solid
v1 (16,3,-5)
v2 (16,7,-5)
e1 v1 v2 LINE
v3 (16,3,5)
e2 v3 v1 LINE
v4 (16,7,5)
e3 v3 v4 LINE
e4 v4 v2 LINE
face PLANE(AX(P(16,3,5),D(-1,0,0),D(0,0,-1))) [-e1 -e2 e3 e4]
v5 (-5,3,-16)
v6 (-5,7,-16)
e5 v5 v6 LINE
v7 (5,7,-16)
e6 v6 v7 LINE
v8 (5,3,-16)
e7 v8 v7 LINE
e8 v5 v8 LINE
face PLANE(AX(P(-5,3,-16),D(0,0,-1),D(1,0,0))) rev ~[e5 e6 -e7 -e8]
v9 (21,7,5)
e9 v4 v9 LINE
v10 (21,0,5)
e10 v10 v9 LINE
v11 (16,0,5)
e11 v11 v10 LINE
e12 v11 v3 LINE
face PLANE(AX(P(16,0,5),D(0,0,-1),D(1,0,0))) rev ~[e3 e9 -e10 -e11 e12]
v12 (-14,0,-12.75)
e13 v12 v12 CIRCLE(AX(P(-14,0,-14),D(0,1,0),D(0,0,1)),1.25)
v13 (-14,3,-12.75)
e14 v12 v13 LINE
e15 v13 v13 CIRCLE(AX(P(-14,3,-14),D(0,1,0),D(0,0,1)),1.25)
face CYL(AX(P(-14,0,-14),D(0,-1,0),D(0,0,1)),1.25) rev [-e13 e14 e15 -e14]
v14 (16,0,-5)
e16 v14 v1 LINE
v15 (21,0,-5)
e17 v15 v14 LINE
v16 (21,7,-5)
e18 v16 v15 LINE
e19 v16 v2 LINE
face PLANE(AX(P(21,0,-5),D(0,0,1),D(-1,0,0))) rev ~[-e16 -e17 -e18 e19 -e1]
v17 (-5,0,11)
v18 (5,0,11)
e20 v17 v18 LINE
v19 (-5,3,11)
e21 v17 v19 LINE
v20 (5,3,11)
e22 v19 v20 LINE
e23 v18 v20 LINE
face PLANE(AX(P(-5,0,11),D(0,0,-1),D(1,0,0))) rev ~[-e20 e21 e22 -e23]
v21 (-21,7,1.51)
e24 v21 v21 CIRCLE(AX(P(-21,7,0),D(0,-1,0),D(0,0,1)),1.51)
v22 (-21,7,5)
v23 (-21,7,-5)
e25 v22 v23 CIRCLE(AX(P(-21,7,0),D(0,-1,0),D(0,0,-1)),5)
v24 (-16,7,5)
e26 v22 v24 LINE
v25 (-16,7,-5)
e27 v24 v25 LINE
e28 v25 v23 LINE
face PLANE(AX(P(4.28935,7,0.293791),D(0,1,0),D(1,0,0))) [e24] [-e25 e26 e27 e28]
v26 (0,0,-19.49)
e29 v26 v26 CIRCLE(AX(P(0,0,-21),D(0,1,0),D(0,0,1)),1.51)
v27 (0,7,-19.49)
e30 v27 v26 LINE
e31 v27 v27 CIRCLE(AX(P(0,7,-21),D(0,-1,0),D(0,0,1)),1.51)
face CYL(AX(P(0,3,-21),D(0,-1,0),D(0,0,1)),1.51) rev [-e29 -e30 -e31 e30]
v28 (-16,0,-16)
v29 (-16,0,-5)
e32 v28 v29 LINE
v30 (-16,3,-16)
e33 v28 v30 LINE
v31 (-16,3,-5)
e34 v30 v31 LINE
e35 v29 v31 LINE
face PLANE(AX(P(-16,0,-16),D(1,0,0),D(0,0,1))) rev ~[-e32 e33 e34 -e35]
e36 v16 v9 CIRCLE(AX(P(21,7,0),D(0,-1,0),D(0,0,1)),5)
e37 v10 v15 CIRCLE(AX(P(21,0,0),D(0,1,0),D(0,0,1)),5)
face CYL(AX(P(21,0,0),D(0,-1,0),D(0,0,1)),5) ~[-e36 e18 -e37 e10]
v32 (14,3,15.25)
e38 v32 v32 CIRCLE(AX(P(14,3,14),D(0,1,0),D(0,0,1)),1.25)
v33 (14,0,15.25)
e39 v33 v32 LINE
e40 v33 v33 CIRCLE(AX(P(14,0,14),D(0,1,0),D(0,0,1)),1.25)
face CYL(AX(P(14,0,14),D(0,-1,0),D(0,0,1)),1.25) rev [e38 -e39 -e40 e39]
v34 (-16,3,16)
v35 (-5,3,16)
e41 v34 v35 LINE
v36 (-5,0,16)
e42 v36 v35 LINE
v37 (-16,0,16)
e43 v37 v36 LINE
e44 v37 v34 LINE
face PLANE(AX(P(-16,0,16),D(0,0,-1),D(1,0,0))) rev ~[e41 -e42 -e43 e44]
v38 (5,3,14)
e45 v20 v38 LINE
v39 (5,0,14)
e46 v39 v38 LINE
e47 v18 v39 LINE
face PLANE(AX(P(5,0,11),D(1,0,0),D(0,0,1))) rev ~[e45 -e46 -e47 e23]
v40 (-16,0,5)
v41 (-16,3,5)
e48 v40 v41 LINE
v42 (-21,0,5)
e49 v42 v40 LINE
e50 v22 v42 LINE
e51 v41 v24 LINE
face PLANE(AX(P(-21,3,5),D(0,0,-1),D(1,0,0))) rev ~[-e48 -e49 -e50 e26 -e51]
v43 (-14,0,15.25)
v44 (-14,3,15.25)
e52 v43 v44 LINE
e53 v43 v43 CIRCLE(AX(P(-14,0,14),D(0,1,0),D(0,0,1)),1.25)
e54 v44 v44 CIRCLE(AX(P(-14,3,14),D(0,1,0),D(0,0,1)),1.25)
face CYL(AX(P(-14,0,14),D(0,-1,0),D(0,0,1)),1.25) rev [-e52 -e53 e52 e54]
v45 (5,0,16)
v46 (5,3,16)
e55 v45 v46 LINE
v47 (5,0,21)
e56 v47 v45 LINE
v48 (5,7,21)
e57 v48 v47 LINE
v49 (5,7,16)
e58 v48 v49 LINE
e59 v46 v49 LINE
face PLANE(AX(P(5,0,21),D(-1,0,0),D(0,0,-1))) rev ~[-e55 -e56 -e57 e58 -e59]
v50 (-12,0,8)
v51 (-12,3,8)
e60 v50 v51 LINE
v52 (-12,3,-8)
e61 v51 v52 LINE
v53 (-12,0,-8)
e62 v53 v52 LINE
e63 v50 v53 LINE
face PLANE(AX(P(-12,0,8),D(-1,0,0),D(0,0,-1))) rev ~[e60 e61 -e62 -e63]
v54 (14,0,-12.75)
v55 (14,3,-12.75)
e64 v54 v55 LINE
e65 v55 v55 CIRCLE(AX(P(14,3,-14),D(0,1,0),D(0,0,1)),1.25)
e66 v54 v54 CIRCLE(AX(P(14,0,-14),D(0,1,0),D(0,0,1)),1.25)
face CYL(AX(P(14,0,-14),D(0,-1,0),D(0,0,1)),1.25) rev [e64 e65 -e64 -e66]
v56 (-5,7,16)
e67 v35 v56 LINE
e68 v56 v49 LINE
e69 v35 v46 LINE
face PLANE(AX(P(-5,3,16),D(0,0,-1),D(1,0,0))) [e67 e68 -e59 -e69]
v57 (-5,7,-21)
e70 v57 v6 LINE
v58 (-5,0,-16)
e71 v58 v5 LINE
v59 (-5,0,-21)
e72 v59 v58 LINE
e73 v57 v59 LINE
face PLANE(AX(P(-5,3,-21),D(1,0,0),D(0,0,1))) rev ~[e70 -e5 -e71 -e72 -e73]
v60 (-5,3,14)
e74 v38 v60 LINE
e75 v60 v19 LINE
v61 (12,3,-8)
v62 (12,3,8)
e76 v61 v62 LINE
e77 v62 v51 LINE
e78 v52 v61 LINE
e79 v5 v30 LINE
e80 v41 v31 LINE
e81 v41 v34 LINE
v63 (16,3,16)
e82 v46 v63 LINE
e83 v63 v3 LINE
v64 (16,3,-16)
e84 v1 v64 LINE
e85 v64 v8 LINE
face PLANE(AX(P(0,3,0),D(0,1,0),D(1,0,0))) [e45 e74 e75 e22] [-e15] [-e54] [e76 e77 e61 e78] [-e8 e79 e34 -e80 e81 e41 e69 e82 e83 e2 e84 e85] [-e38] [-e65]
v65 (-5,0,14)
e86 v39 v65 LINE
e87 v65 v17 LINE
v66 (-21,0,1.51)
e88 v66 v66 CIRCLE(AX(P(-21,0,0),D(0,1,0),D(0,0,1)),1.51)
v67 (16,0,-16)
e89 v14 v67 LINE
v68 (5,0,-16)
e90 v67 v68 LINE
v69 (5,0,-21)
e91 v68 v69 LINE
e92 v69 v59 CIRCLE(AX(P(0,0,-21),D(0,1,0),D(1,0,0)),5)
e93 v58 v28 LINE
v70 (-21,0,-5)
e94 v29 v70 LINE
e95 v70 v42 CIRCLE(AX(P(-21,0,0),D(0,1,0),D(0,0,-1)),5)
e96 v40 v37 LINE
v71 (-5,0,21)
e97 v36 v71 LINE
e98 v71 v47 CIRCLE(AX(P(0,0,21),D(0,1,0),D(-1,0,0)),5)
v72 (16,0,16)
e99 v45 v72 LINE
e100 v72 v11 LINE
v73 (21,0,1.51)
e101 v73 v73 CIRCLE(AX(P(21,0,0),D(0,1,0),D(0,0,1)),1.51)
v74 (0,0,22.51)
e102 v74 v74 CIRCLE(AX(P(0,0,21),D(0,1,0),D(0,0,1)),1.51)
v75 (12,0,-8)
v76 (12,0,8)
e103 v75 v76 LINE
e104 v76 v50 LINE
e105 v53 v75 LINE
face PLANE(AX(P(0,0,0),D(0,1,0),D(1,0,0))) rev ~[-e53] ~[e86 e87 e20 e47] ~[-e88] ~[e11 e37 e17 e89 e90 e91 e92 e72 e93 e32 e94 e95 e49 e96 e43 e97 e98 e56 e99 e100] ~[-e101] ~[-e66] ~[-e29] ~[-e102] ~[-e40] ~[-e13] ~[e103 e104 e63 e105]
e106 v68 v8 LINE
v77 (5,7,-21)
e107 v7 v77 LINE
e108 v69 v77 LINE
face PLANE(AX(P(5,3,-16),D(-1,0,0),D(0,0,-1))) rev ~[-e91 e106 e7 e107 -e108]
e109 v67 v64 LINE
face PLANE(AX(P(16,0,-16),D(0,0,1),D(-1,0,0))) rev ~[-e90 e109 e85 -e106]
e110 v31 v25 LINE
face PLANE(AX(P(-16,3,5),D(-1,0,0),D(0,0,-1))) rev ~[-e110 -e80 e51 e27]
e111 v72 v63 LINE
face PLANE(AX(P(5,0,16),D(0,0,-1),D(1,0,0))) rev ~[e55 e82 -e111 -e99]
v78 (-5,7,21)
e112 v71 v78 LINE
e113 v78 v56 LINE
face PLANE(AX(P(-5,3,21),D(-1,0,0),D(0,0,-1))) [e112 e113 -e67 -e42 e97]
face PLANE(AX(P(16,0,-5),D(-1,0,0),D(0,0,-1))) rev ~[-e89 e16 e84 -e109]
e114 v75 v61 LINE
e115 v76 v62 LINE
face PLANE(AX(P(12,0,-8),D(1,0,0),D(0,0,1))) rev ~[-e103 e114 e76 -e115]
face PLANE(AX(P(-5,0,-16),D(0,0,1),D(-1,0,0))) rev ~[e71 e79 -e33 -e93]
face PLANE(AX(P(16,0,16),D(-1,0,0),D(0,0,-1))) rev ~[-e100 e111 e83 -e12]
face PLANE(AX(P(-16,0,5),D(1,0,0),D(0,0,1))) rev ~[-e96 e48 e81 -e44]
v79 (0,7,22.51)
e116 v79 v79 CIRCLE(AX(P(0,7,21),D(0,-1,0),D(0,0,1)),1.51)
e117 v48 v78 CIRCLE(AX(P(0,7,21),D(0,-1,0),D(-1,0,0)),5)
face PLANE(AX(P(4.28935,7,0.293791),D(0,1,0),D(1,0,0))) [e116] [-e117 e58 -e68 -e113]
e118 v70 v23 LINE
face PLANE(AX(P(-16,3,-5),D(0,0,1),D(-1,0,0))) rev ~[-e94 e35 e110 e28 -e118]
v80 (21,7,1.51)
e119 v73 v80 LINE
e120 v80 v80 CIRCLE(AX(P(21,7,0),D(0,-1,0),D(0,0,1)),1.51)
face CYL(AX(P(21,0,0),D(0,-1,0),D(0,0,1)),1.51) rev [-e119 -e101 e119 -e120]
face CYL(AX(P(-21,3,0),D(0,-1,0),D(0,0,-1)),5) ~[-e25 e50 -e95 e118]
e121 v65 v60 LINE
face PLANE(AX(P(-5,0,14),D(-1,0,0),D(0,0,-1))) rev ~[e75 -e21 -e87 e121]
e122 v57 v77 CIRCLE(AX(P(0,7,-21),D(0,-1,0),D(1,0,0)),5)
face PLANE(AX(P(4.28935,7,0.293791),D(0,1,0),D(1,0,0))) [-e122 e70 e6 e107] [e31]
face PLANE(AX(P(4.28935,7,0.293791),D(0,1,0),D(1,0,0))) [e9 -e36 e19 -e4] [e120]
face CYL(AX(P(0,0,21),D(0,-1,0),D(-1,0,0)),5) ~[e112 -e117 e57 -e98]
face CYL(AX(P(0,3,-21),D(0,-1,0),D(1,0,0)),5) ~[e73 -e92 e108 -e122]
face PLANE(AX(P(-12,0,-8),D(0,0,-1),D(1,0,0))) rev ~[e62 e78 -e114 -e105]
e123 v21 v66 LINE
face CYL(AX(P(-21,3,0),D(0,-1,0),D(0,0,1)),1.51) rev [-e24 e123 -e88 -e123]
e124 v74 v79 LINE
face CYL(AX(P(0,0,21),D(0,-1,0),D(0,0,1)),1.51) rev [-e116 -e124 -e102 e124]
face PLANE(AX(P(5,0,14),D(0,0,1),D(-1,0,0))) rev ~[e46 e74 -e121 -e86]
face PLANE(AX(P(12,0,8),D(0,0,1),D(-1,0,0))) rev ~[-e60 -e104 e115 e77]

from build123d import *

# Parameters (mm, degrees)
SKETCH_2_R          = 1.25
SKETCH_2_R_2        = 1.51
EXTRUDE_1_DEPTH     = 3
SKETCH_4_R          = 1.51
EXTRUDE_2_DEPTH     = 4.5
SKETCH_5_R          = 1.51
EXTRUDE_3_DEPTH     = 4.5
SKETCH_7_W          = 94.013150519
SKETCH_7_H          = 65.926721802
CUT_EXTRUDE_1_DEPTH = 0.5


with BuildPart() as part:
    # 草图2 → 凸台-拉伸1 (new body)
    with BuildSketch(Plane(origin=(0, 0, 0), x_dir=(1, 0, 0), z_dir=(0, 1, 0))):
        with BuildLine():
            Line((21, 5), (16, 5))
            Line((16, 5), (16, 16))
            Line((16, 16), (5, 16))
            Line((5, 16), (5, 21))
            ThreePointArc((5, 21), (0, 26), (-5, 21))
            Line((-5, 21), (-5, 16))
            Line((-5, 16), (-16, 16))
            Line((-16, 16), (-16, 5))
            Line((-16, 5), (-21, 5))
            ThreePointArc((-21, 5), (-26, 0), (-21, -5))
            Line((-21, -5), (-16, -5))
            Line((-16, -5), (-16, -16))
            Line((-16, -16), (-5, -16))
            Line((-5, -16), (-5, -21))
            ThreePointArc((-5, -21), (0, -26), (5, -21))
            Line((5, -21), (5, -16))
            Line((5, -16), (16, -16))
            Line((16, -16), (16, -5))
            Line((16, -5), (21, -5))
            ThreePointArc((21, -5), (26, 0), (21, 5))
        make_face()
        with Locations(Location((-14, 14, 0), (0, 0, 270))):
            Circle(SKETCH_2_R, mode=Mode.SUBTRACT)
        with Locations(Location((14, 14, 0), (0, 0, 270))):
            Circle(SKETCH_2_R, mode=Mode.SUBTRACT)
        with Locations(Location((14, -14, 0), (0, 0, 270))):
            Circle(SKETCH_2_R, mode=Mode.SUBTRACT)
        with Locations(Location((-14, -14, 0), (0, 0, 270))):
            Circle(SKETCH_2_R, mode=Mode.SUBTRACT)
        with Locations(Location((21, 0, 0), (0, 0, 270))):
            Circle(SKETCH_2_R_2, mode=Mode.SUBTRACT)
        with Locations(Location((0, 21, 0), (0, 0, 270))):
            Circle(SKETCH_2_R_2, mode=Mode.SUBTRACT)
        with Locations(Location((0, -21, 0), (0, 0, 270))):
            Circle(SKETCH_2_R_2, mode=Mode.SUBTRACT)
        with Locations(Location((-21, 0, 0), (0, 0, 270))):
            Circle(SKETCH_2_R_2, mode=Mode.SUBTRACT)
        Polygon((-12, 0), (-12, 8), (12, 8), (12, 0), (12, -8), (-12, -8), align=None, mode=Mode.SUBTRACT)
        Polygon((0, -11), (5, -11), (5, -14), (0, -14), (-5, -14), (-5, -11), align=None, mode=Mode.SUBTRACT)
    extrude(amount=EXTRUDE_1_DEPTH)

    # 草图4 → 凸台-拉伸2 (add)
    with BuildSketch(Plane(origin=(0, 3, 0), x_dir=(1, 0, 0), z_dir=(0, 1, 0))):
        with BuildLine():
            Line((-16, -5), (-16, 5))
            Line((-16, 5), (-21, 5))
            ThreePointArc((-21, 5), (-26, 0), (-21, -5))
            Line((-21, -5), (-16, -5))
        make_face()
        with Locations(Location((-21, 0, 0), (0, 0, 270))):
            Circle(SKETCH_4_R, mode=Mode.SUBTRACT)
    extrude(amount=EXTRUDE_2_DEPTH)

    # 草图5 → 凸台-拉伸3 (add)
    # profile 1 of 3: a face of its own
    with BuildSketch(Plane(origin=(0, 3, 0), x_dir=(1, 0, 0), z_dir=(0, 1, 0))):
        with BuildLine():
            Line((-5, 16), (5, 16))
            Line((5, 16), (5, 21))
            ThreePointArc((5, 21), (0, 26), (-5, 21))
            Line((-5, 21), (-5, 16))
        make_face()
        with Locations(Location((0, 21, 0), (0, 0, 270))):
            Circle(SKETCH_5_R, mode=Mode.SUBTRACT)
    # profile 2 of 3: a face of its own
    with BuildSketch(Plane(origin=(0, 3, 0), x_dir=(1, 0, 0), z_dir=(0, 1, 0))):
        with BuildLine():
            Line((16, -5), (16, 5))
            Line((16, 5), (21, 5))
            ThreePointArc((21, 5), (26, 0), (21, -5))
            Line((21, -5), (16, -5))
        make_face()
        with Locations(Location((21, 0, 0), (0, 0, 270))):
            Circle(SKETCH_5_R, mode=Mode.SUBTRACT)
    # profile 3 of 3: a face of its own
    with BuildSketch(Plane(origin=(0, 3, 0), x_dir=(1, 0, 0), z_dir=(0, 1, 0))):
        with BuildLine():
            Line((-5, -16), (5, -16))
            Line((5, -16), (5, -21))
            ThreePointArc((5, -21), (0, -26), (-5, -21))
            Line((-5, -21), (-5, -16))
        make_face()
        with Locations(Location((0, -21, 0), (0, 0, 270))):
            Circle(SKETCH_5_R, mode=Mode.SUBTRACT)
    extrude(amount=EXTRUDE_3_DEPTH)

    # 草图7 → 切除-拉伸1 (cut)
    with BuildSketch(Plane(origin=(0, 7.5, 0), x_dir=(1, 0, 0), z_dir=(0, 1, 0))):
        with Locations((4.289349993, -0.293791095)):
            Rectangle(SKETCH_7_W, SKETCH_7_H)
    extrude(amount=-CUT_EXTRUDE_1_DEPTH, mode=Mode.SUBTRACT)


solid = part.part
